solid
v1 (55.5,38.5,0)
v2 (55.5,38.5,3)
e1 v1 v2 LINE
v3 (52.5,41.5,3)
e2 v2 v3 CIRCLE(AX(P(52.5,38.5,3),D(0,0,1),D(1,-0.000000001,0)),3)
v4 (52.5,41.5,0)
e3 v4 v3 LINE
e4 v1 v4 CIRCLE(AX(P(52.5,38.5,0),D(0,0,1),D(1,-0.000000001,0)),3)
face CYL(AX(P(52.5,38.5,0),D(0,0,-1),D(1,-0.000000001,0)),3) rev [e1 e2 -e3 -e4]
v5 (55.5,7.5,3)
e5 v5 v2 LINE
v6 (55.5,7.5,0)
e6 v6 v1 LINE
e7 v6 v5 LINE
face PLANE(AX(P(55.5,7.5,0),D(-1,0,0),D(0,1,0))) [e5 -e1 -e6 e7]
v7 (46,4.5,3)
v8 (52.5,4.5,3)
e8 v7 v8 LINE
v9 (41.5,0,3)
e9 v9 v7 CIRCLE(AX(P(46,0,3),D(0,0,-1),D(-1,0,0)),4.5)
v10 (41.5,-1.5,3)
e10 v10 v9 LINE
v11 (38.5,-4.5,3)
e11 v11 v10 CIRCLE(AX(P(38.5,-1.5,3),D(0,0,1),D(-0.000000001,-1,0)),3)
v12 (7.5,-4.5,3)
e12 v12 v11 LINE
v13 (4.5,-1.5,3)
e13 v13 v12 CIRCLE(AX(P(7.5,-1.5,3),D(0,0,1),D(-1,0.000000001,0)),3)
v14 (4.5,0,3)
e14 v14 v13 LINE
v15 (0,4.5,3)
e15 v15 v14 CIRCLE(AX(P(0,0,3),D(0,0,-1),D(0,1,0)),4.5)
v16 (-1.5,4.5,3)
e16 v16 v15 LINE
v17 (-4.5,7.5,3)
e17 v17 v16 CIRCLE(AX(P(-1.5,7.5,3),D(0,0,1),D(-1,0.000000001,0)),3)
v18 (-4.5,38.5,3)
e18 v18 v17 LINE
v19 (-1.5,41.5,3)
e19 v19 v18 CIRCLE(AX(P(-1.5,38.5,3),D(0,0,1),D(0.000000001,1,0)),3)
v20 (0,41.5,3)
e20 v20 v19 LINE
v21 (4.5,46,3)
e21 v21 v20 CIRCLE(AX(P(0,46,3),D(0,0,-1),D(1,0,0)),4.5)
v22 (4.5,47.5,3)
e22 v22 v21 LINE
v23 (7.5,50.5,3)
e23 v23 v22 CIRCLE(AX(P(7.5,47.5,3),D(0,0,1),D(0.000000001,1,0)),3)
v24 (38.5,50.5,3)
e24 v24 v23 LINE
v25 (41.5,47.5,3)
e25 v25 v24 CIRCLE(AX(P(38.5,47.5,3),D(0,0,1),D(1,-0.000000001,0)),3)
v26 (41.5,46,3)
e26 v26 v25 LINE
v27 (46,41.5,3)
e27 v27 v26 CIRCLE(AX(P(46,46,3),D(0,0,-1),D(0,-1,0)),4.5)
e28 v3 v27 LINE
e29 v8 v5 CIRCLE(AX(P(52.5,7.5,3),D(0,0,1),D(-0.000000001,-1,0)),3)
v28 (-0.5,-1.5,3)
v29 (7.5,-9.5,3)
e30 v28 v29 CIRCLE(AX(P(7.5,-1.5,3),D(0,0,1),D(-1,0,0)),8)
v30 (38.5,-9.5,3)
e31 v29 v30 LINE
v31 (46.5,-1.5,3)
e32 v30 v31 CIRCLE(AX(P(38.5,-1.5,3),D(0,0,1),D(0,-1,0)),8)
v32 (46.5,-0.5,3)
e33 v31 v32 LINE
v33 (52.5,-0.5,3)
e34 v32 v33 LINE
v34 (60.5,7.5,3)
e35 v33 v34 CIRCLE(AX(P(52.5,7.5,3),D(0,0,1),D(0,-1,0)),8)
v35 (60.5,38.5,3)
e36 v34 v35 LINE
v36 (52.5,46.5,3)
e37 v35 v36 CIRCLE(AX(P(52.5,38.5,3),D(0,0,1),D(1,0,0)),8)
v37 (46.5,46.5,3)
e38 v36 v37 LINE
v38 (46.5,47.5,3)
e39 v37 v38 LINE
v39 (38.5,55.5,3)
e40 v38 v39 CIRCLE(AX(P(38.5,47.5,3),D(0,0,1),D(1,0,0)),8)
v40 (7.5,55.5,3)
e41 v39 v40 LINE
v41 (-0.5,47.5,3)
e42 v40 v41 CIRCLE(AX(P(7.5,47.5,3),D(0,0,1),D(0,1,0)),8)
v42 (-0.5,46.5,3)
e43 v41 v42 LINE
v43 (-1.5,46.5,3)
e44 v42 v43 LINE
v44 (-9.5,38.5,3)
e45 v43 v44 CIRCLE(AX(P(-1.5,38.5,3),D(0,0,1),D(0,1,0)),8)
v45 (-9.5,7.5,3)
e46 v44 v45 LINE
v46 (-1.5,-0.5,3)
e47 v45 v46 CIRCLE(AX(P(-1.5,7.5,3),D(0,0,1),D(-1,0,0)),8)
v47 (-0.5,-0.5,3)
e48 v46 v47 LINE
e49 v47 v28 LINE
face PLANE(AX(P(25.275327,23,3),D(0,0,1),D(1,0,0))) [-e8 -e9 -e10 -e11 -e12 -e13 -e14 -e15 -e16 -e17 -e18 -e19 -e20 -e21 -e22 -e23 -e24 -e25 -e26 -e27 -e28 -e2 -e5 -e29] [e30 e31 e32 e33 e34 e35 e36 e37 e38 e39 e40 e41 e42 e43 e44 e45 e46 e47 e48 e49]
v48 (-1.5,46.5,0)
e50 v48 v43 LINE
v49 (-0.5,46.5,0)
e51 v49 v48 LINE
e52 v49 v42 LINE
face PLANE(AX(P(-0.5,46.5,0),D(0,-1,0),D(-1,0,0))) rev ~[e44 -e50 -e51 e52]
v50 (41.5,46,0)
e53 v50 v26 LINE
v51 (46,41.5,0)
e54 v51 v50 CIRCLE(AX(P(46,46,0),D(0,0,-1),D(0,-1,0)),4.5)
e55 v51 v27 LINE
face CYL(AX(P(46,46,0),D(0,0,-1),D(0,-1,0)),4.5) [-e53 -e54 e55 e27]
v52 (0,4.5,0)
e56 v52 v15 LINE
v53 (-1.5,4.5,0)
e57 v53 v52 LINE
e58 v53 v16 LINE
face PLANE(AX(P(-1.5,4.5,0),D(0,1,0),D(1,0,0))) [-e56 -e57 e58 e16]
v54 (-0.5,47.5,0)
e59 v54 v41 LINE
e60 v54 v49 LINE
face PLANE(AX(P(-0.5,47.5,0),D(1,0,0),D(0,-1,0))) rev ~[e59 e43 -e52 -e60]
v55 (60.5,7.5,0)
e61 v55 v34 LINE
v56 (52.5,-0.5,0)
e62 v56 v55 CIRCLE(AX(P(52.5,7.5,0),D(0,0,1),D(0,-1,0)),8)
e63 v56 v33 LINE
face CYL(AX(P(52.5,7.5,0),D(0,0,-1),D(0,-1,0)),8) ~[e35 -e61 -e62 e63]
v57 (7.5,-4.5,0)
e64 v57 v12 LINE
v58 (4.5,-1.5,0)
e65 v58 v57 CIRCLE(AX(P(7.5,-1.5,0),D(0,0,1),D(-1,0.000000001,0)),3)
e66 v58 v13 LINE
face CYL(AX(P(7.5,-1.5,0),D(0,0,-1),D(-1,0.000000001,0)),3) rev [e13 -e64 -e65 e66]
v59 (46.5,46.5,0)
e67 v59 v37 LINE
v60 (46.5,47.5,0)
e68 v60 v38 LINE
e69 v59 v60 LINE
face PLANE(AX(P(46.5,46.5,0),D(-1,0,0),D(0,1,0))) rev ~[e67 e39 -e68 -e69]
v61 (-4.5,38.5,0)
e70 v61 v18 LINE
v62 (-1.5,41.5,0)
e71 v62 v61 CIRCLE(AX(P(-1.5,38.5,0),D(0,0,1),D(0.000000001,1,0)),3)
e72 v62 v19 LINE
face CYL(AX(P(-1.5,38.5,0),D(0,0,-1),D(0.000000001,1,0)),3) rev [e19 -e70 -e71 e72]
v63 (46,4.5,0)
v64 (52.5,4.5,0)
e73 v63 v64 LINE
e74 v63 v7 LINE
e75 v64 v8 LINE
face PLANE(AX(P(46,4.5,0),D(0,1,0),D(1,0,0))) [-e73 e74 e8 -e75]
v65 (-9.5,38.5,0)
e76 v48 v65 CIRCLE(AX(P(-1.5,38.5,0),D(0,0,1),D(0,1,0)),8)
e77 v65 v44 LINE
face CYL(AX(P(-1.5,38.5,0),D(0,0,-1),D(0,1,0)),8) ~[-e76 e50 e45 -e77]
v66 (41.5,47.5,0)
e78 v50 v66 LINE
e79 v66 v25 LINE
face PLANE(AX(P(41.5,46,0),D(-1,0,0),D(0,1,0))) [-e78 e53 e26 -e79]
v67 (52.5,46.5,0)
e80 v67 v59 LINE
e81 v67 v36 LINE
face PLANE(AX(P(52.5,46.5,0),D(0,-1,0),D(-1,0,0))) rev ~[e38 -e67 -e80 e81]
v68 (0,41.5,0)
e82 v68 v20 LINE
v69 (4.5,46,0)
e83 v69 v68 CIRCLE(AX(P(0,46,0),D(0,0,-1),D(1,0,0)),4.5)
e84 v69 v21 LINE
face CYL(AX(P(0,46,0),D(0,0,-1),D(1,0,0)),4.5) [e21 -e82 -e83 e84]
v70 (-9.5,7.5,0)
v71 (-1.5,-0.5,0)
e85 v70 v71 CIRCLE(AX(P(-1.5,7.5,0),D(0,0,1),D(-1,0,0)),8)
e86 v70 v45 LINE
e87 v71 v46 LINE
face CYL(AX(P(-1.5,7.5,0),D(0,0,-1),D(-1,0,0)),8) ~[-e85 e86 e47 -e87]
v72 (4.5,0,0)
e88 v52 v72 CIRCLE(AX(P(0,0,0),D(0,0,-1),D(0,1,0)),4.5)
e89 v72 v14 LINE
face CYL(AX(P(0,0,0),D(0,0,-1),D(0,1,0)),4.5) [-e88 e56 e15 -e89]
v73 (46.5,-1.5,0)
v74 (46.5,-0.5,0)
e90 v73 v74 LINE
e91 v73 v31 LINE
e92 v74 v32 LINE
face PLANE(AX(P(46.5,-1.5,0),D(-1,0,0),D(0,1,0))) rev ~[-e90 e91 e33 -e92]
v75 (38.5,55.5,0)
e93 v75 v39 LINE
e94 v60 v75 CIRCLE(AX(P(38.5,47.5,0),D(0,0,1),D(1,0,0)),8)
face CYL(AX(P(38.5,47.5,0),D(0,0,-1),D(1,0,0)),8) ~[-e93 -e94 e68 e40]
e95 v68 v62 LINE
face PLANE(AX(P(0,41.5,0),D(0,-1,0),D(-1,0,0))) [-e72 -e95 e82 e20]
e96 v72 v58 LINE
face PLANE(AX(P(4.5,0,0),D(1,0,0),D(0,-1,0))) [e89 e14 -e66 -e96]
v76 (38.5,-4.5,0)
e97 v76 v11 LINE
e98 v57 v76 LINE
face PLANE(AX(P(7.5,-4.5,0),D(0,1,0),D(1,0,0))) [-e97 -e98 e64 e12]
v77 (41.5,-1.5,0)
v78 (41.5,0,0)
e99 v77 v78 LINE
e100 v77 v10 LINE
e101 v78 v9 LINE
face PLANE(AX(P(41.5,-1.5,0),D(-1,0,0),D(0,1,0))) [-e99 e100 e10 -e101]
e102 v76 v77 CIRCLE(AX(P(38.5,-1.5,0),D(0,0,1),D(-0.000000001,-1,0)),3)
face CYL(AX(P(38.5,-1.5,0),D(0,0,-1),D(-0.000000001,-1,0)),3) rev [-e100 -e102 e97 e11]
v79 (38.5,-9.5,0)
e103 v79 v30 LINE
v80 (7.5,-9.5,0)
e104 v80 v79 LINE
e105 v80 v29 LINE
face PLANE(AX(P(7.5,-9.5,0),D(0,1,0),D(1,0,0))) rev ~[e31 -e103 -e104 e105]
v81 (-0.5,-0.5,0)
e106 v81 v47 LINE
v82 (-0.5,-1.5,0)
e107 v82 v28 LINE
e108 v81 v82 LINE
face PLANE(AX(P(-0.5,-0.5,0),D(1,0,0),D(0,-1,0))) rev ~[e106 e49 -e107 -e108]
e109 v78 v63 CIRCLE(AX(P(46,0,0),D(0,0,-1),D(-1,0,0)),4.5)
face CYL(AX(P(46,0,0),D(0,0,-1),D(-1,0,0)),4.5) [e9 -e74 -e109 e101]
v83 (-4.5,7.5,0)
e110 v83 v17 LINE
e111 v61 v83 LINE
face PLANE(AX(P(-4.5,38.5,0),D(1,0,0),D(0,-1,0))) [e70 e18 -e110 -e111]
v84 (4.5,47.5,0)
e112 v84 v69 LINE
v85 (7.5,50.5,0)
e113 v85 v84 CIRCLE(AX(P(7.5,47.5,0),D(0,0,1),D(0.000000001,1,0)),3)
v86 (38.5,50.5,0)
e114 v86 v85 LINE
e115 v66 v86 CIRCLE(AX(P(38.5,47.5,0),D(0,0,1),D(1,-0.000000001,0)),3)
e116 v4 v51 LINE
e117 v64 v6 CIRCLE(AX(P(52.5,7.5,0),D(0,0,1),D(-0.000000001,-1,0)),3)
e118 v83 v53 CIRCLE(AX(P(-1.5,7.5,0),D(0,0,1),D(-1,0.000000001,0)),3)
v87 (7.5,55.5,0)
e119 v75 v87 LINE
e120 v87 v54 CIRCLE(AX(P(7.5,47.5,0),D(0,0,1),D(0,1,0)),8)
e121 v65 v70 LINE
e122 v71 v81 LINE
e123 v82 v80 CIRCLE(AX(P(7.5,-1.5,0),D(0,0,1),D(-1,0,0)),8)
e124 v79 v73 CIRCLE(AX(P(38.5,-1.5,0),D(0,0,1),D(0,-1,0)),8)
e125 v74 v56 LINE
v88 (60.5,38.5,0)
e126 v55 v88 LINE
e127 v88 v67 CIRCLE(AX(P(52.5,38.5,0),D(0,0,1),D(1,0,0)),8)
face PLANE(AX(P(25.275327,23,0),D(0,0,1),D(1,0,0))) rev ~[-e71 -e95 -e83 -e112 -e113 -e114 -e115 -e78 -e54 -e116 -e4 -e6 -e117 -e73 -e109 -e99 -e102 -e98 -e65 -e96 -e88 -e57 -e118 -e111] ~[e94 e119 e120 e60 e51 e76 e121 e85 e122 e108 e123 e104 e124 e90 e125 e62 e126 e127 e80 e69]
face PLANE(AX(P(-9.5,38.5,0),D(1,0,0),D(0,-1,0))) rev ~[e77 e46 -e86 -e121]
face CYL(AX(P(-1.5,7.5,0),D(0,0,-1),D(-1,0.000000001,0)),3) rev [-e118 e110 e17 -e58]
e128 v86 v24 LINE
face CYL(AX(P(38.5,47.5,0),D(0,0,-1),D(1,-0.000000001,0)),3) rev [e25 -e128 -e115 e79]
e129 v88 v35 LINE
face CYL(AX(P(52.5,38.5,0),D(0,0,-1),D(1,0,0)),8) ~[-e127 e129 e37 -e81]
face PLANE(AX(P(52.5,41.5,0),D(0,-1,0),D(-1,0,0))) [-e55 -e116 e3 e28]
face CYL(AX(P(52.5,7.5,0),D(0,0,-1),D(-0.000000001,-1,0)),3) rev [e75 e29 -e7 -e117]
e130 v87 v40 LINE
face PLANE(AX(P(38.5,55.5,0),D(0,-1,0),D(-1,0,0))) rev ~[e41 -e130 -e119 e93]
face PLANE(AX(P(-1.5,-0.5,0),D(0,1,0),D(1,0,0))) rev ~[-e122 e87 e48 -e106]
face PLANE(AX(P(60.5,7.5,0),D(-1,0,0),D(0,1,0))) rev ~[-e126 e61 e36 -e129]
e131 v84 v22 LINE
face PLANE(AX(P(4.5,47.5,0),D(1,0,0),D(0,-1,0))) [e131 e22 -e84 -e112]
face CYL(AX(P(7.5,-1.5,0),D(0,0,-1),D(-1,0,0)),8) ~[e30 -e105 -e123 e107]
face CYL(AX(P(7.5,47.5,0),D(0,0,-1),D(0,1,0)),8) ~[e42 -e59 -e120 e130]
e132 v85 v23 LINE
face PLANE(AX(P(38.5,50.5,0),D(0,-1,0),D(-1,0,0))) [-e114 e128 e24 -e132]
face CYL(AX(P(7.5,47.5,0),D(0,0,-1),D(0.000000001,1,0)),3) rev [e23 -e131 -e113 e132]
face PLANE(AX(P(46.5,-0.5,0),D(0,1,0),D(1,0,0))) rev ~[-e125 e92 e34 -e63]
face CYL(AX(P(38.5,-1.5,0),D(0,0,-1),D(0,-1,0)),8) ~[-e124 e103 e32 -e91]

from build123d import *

# Parameters (mm, degrees)
RESSALTO_EXTRUS_O1_DEPTH = 3


with BuildPart() as part:
    # Esboço1 → Ressalto-extrusão1 (new body)
    with BuildSketch(Plane.XY):
        with BuildLine():
            Line((46.5, -1.5), (46.5, -0.5))
            Line((46.5, -0.5), (52.5, -0.5))
            ThreePointArc((52.5, -0.5), (58.156854249, 1.843145751), (60.5, 7.5))
            Line((60.5, 7.5), (60.5, 38.5))
            ThreePointArc((60.5, 38.5), (58.156854249, 44.156854249), (52.5, 46.5))
            Line((52.5, 46.5), (46.5, 46.5))
            Line((46.5, 46.5), (46.5, 47.5))
            ThreePointArc((46.5, 47.5), (44.156854249, 53.156854249), (38.5, 55.5))
            Line((38.5, 55.5), (7.5, 55.5))
            ThreePointArc((7.5, 55.5), (1.843145751, 53.156854249), (-0.5, 47.5))
            Line((-0.5, 47.5), (-0.5, 46.5))
            Line((-0.5, 46.5), (-1.5, 46.5))
            ThreePointArc((-1.5, 46.5), (-7.156854249, 44.156854249), (-9.5, 38.5))
            Line((-9.5, 38.5), (-9.5, 7.5))
            ThreePointArc((-9.5, 7.5), (-7.156854249, 1.843145751), (-1.5, -0.5))
            Line((-1.5, -0.5), (-0.5, -0.5))
            Line((-0.5, -0.5), (-0.5, -1.5))
            ThreePointArc((-0.5, -1.5), (1.843145751, -7.156854249), (7.5, -9.5))
            Line((7.5, -9.5), (38.5, -9.5))
            ThreePointArc((38.5, -9.5), (44.156854249, -7.156854249), (46.5, -1.5))
        make_face()
        with BuildLine():
            Line((41.5, -1.5), (41.5, 0))
            ThreePointArc((41.5, 0), (42.818019485, 3.181980515), (46, 4.5))
            Line((46, 4.5), (52.5, 4.5))
            ThreePointArc((52.5, 4.5), (54.621320344, 5.378679656), (55.5, 7.5))
            Line((55.5, 7.5), (55.5, 38.5))
            ThreePointArc((55.5, 38.5), (54.621320344, 40.621320344), (52.5, 41.5))
            Line((52.5, 41.5), (46, 41.5))
            ThreePointArc((46, 41.5), (42.818019485, 42.818019485), (41.5, 46))
            Line((41.5, 46), (41.5, 47.5))
            ThreePointArc((41.5, 47.5), (40.621320344, 49.621320344), (38.5, 50.5))
            Line((38.5, 50.5), (7.5, 50.5))
            ThreePointArc((7.5, 50.5), (5.378679656, 49.621320344), (4.5, 47.5))
            Line((4.5, 47.5), (4.5, 46))
            ThreePointArc((4.5, 46), (3.181980515, 42.818019485), (0, 41.5))
            Line((0, 41.5), (-1.5, 41.5))
            ThreePointArc((-1.5, 41.5), (-3.621320344, 40.621320344), (-4.5, 38.5))
            Line((-4.5, 38.5), (-4.5, 7.5))
            ThreePointArc((-4.5, 7.5), (-3.621320344, 5.378679656), (-1.5, 4.5))
            Line((-1.5, 4.5), (0, 4.5))
            ThreePointArc((0, 4.5), (3.181980515, 3.181980515), (4.5, 0))
            Line((4.5, 0), (4.5, -1.5))
            ThreePointArc((4.5, -1.5), (5.378679656, -3.621320344), (7.5, -4.5))
            Line((7.5, -4.5), (38.5, -4.5))
            ThreePointArc((38.5, -4.5), (40.621320344, -3.621320344), (41.5, -1.5))
        make_face(mode=Mode.SUBTRACT)
    extrude(amount=RESSALTO_EXTRUS_O1_DEPTH)


solid = part.part
